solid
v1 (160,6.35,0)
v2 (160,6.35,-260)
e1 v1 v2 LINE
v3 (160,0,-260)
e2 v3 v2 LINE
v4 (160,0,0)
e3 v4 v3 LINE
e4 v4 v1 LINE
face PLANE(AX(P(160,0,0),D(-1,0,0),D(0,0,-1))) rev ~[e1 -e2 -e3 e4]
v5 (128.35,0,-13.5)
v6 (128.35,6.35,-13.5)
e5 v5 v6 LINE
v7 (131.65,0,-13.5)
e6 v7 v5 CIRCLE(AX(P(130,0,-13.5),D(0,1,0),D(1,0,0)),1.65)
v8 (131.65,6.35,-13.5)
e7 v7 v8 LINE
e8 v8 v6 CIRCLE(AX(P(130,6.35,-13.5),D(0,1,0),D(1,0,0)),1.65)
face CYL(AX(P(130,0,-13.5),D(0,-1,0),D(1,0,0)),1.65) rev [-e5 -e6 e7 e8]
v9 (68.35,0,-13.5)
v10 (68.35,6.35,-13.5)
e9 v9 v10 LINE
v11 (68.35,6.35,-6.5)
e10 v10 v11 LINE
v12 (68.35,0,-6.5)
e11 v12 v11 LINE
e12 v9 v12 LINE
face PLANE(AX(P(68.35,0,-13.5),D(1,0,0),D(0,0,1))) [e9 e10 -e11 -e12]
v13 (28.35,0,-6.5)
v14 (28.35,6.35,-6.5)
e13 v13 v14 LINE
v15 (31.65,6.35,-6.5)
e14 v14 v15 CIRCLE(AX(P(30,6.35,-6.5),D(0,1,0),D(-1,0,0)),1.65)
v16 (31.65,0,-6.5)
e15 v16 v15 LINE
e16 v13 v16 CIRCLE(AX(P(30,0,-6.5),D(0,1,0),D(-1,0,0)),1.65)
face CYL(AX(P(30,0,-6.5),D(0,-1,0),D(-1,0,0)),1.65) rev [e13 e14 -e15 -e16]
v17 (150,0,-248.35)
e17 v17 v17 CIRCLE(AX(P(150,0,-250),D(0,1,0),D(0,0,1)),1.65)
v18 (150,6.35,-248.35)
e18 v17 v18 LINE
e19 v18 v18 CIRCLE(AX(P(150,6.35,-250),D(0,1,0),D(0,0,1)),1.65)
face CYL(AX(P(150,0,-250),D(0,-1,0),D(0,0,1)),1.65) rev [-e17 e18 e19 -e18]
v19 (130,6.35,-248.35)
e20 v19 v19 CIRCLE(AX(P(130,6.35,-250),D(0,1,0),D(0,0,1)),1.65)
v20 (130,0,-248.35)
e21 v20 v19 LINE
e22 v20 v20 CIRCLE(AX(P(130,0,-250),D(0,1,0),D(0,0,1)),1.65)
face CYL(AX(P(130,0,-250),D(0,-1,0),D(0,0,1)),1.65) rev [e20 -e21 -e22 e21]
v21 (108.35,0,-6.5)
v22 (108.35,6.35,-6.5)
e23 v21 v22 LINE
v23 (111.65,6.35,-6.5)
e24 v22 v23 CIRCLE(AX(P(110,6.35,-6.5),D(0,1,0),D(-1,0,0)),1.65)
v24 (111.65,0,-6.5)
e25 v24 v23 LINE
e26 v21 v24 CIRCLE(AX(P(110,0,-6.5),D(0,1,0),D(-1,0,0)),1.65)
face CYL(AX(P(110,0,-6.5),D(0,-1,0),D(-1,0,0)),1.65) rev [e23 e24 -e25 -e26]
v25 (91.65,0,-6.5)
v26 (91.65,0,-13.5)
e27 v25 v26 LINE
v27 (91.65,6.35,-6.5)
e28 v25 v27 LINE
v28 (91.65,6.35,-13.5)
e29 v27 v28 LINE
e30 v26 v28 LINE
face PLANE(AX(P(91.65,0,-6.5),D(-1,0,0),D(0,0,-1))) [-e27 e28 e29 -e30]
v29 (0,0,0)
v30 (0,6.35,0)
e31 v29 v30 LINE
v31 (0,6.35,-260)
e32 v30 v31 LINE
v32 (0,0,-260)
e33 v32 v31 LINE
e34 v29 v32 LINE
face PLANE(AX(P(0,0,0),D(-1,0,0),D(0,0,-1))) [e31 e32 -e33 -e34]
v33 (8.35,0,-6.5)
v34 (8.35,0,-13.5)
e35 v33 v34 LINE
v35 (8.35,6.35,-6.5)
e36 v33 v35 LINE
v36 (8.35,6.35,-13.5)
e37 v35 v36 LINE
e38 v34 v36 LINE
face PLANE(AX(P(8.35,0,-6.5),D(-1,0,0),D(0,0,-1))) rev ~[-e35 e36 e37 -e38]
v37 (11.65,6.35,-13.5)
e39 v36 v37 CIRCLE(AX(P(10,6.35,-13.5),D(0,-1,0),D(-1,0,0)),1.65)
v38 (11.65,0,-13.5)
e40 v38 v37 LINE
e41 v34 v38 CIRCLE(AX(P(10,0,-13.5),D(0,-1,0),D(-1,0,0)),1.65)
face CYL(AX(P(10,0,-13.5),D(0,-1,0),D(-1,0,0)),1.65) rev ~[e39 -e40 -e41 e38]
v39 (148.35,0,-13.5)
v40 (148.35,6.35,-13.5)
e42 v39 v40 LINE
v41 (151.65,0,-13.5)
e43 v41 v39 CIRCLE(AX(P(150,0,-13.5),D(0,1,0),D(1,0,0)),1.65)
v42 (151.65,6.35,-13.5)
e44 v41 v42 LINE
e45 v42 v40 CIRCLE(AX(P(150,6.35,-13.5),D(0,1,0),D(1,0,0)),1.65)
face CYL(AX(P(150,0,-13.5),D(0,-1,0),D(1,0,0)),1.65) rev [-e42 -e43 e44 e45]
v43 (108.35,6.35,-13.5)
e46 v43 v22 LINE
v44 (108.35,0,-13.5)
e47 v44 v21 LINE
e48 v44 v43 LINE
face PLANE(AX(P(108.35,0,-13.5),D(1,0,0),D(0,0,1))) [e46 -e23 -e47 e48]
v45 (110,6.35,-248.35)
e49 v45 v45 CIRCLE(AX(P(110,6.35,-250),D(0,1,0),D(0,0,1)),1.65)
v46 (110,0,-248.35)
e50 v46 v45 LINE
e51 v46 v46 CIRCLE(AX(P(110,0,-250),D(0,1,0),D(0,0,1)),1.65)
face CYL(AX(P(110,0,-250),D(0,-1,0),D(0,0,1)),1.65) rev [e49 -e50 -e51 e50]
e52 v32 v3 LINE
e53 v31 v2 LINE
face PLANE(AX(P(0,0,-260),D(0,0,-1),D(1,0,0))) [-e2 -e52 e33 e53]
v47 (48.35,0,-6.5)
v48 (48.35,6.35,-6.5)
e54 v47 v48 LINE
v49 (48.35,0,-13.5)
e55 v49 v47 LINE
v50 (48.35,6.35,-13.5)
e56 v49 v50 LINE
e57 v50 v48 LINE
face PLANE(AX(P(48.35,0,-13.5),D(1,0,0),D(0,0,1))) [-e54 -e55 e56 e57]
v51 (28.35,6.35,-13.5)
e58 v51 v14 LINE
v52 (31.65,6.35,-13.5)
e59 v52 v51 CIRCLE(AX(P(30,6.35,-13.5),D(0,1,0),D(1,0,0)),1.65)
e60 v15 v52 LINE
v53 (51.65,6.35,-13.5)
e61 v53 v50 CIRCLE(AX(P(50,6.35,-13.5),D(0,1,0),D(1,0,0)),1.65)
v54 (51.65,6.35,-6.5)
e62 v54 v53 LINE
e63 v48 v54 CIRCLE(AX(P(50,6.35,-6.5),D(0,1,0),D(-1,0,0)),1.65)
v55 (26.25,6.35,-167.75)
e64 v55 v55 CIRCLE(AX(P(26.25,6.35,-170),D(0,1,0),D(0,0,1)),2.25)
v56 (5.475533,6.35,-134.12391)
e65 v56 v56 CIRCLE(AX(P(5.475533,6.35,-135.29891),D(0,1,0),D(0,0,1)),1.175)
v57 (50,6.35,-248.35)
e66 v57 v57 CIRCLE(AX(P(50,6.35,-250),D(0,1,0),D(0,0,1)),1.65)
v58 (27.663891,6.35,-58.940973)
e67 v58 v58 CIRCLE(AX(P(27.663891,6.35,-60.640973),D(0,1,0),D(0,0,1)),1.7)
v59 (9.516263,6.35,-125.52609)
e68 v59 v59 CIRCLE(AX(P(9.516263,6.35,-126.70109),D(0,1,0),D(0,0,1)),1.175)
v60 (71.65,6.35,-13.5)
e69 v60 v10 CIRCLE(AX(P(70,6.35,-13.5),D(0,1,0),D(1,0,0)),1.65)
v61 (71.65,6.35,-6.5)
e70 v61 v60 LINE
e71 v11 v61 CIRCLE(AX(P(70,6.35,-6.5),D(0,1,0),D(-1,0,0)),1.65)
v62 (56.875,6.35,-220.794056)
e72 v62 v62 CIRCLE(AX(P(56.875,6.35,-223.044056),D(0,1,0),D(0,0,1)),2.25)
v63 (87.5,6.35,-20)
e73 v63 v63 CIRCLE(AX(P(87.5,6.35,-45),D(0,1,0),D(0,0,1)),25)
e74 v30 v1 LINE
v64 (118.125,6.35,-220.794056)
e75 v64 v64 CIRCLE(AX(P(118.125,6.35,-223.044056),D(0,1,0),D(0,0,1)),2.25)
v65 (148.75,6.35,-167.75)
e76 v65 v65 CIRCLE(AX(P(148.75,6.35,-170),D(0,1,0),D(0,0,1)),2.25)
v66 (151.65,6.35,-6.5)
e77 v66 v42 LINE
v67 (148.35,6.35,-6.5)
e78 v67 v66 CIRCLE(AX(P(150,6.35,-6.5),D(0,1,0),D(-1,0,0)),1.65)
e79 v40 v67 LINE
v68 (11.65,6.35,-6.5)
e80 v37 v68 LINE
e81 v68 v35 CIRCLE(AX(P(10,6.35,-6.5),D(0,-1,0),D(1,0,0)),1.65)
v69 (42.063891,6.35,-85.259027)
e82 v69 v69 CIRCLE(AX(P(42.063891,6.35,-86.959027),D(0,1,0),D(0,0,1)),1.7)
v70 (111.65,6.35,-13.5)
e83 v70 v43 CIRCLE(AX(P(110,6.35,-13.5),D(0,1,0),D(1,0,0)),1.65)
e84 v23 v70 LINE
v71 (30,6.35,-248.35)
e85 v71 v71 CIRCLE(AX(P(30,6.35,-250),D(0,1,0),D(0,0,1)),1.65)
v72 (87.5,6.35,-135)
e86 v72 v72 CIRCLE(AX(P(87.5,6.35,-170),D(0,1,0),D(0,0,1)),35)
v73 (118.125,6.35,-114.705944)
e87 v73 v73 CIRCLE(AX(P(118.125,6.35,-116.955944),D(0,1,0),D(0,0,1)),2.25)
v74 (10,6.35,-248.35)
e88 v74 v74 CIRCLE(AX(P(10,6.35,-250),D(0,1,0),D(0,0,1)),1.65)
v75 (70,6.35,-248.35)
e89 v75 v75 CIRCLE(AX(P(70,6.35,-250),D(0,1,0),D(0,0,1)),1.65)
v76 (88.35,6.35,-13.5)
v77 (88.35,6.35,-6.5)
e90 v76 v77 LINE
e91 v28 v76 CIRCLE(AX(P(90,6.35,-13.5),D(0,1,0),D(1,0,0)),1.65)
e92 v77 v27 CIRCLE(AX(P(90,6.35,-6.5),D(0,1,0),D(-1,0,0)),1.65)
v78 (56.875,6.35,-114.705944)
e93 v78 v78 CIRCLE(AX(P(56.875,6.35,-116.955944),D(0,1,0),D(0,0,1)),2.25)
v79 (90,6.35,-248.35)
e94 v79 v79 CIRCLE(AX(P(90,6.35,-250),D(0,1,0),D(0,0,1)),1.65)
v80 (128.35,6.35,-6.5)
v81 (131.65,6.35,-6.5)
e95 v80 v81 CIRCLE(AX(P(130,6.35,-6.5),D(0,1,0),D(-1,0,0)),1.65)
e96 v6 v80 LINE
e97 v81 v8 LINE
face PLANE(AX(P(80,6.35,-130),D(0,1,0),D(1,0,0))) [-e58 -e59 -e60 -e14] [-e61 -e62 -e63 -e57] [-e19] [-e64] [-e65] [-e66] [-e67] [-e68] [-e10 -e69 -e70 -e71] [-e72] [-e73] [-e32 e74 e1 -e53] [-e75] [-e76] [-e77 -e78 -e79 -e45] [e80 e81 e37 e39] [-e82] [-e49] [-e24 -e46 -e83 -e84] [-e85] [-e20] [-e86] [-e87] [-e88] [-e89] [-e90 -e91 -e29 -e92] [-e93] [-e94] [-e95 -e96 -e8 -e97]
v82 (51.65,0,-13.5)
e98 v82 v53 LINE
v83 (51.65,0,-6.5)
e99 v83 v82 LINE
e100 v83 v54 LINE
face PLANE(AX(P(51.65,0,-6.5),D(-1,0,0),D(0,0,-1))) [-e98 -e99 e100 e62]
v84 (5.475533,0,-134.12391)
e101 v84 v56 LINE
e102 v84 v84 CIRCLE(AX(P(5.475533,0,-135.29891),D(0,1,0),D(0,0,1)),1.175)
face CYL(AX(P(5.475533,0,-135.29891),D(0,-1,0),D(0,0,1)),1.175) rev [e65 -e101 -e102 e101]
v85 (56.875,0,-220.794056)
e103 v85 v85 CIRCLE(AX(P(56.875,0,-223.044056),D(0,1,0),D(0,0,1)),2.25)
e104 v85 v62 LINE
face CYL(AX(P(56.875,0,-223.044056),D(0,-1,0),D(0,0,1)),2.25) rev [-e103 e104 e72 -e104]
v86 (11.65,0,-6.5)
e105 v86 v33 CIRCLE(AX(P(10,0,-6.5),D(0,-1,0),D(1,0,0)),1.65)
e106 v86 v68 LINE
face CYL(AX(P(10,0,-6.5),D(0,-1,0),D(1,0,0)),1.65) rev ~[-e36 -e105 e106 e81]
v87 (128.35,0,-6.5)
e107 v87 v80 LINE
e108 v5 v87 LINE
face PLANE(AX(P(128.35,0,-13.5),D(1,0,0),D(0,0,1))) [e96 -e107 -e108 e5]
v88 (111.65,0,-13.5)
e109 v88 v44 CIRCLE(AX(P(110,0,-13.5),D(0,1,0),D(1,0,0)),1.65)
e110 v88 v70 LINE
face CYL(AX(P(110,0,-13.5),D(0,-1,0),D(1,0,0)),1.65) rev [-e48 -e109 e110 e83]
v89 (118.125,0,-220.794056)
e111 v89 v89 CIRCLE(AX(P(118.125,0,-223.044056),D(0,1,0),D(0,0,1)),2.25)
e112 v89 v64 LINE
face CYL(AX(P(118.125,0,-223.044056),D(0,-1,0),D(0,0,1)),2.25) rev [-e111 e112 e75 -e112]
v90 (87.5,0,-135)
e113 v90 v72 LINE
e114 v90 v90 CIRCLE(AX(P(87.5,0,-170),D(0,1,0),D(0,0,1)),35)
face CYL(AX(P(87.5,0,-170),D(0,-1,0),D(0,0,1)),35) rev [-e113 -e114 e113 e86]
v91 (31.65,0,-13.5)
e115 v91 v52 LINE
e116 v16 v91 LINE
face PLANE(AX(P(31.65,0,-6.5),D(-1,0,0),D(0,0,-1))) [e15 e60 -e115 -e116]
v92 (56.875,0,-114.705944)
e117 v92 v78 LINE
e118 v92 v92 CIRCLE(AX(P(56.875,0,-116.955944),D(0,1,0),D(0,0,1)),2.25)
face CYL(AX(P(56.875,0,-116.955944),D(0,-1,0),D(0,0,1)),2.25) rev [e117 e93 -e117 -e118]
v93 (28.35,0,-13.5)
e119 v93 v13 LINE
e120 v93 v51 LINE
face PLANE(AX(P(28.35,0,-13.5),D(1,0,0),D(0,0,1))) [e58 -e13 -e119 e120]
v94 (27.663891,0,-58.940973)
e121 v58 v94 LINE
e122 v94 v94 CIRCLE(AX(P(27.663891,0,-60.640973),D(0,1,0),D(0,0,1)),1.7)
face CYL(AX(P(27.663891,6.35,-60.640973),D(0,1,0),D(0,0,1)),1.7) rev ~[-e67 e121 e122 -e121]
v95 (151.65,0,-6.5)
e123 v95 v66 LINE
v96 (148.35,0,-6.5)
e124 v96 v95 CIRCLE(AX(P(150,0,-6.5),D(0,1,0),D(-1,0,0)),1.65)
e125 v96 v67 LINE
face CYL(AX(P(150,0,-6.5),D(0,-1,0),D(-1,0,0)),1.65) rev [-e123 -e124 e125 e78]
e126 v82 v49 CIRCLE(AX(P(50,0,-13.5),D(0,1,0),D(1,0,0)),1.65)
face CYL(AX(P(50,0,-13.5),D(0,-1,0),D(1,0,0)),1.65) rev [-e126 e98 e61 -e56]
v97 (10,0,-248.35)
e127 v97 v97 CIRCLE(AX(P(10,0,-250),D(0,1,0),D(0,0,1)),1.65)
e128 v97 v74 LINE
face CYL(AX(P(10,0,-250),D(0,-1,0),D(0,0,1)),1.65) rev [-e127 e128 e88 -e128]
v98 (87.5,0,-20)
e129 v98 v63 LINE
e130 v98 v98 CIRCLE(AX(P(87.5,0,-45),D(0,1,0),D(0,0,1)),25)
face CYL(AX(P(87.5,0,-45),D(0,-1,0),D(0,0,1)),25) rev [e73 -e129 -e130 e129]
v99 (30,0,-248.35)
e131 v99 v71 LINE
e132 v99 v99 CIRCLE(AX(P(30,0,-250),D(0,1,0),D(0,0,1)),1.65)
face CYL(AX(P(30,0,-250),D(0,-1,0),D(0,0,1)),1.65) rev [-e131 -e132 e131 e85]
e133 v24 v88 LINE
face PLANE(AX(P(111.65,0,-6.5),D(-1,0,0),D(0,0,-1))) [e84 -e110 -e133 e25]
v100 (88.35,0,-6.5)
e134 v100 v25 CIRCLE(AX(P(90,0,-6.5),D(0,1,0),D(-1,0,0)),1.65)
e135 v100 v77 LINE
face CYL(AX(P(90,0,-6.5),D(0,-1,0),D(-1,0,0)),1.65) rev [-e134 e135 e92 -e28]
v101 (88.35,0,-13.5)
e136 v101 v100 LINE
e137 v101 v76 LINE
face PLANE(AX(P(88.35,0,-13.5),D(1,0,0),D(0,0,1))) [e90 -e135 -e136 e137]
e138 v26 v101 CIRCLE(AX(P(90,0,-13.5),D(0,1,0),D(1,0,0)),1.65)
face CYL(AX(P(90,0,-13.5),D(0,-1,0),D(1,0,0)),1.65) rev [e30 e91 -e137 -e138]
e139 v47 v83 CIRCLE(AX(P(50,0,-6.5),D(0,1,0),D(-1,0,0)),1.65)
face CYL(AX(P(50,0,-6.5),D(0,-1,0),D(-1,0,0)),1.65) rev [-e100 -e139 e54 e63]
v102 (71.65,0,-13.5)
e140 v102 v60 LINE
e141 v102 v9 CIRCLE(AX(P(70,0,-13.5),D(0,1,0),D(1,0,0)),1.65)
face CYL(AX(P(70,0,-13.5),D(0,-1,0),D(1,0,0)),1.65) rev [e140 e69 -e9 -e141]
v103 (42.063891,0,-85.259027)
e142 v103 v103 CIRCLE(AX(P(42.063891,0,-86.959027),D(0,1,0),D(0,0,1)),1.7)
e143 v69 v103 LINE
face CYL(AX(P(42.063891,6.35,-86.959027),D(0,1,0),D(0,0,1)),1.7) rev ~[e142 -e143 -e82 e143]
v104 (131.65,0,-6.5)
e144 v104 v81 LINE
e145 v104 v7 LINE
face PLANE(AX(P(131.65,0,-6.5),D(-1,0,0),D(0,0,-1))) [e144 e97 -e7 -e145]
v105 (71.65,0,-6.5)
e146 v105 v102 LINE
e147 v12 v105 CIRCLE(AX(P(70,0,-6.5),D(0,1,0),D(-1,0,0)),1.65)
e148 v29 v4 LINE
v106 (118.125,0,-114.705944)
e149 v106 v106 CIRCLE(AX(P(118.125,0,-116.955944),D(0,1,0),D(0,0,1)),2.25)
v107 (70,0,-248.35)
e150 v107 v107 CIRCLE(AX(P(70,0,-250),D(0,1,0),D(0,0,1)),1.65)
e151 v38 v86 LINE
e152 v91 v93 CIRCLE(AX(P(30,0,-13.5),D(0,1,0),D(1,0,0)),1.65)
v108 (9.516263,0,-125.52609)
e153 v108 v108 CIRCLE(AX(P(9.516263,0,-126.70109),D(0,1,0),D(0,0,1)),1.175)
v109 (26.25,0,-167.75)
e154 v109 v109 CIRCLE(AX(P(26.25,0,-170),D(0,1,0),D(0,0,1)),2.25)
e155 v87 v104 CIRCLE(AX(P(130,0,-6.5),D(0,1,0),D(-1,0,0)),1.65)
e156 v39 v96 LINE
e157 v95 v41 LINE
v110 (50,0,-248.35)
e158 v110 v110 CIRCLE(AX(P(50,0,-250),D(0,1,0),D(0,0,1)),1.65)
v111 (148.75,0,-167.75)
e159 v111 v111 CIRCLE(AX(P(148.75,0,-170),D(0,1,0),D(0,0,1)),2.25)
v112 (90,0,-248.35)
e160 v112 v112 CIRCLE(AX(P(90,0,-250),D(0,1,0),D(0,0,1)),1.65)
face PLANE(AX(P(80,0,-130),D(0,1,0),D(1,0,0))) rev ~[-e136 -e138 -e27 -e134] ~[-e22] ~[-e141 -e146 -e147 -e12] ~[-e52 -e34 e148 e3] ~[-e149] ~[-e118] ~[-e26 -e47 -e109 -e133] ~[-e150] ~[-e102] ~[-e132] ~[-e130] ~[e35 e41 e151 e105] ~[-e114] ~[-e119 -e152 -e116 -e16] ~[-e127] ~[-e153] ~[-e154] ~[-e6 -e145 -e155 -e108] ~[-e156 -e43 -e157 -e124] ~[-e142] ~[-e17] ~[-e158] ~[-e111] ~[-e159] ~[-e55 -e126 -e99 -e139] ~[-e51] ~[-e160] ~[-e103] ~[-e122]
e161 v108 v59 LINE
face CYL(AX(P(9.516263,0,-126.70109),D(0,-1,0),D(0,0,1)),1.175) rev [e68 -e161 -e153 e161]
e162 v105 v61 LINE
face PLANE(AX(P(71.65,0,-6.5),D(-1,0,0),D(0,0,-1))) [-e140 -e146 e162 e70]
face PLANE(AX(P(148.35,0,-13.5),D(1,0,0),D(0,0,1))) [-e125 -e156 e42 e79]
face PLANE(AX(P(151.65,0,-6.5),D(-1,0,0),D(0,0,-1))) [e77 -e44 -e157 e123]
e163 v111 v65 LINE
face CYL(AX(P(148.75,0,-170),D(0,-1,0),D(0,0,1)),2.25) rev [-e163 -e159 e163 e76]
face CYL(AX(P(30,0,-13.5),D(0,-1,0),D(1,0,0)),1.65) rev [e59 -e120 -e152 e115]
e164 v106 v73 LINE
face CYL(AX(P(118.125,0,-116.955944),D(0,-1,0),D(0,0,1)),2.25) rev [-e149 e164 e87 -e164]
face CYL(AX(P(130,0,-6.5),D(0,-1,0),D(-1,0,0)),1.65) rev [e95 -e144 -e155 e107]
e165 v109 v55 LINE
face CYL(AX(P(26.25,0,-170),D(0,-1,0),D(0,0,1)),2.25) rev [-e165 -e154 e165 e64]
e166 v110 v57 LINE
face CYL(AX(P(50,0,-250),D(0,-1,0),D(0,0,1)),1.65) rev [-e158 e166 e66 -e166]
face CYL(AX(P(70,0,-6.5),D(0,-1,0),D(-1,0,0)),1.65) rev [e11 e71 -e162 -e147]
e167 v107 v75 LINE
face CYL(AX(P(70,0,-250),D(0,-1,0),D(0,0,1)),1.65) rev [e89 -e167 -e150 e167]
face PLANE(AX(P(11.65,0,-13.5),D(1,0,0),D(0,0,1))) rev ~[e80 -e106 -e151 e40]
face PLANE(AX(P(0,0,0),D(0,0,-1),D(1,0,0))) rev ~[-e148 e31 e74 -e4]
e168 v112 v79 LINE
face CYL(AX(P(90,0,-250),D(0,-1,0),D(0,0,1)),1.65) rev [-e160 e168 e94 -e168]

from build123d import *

# Parameters (mm, degrees)
SKETCH1_W           = 160
SKETCH1_H           = 260
SKETCH1_R           = 35
SKETCH1_R_2         = 25
SKETCH1_R_3         = 2.25
SKETCH1_R_4         = 1.175
SKETCH1_R_5         = 1.65
BOSS_EXTRUDE1_DEPTH = 6.35
SKETCH2_R           = 1.7
CUT_EXTRUDE1_DEPTH  = 306.352783678


with BuildPart() as part:
    # Sketch1 → Boss-Extrude1 (new body)
    with BuildSketch(Plane(origin=(0, 0, 0), x_dir=(1, 0, 0), z_dir=(0, 1, 0))):
        with Locations((80, 130)):
            Rectangle(SKETCH1_W, SKETCH1_H)
        with Locations(Location((87.5, 170, 0), (0, 0, 270))):
            Circle(SKETCH1_R, mode=Mode.SUBTRACT)
        with Locations(Location((87.5, 45, 0), (0, 0, 270))):
            Circle(SKETCH1_R_2, mode=Mode.SUBTRACT)
        with Locations(Location((148.75, 170, 0), (0, 0, 270))):
            Circle(SKETCH1_R_3, mode=Mode.SUBTRACT)
        with Locations(Location((118.125, 116.955944018, 0), (0, 0, 270))):
            Circle(SKETCH1_R_3, mode=Mode.SUBTRACT)
        with Locations(Location((56.875, 116.955944018, 0), (0, 0, 270))):
            Circle(SKETCH1_R_3, mode=Mode.SUBTRACT)
        with Locations(Location((26.25, 170, 0), (0, 0, 270))):
            Circle(SKETCH1_R_3, mode=Mode.SUBTRACT)
        with Locations(Location((56.875, 223.044055982, 0), (0, 0, 270))):
            Circle(SKETCH1_R_3, mode=Mode.SUBTRACT)
        with Locations(Location((118.125, 223.044055982, 0), (0, 0, 270))):
            Circle(SKETCH1_R_3, mode=Mode.SUBTRACT)
        with Locations(Location((5.475532842, 135.298909731, 0), (0, 0, 270))):
            Circle(SKETCH1_R_4, mode=Mode.SUBTRACT)
        with Locations(Location((9.516263037, 126.701090269, 0), (0, 0, 270))):
            Circle(SKETCH1_R_4, mode=Mode.SUBTRACT)
        with Locations(Location((10, 250, 0), (0, 0, 270))):
            Circle(SKETCH1_R_5, mode=Mode.SUBTRACT)
        with Locations(Location((30, 250, 0), (0, 0, 270))):
            Circle(SKETCH1_R_5, mode=Mode.SUBTRACT)
        with Locations(Location((50, 250, 0), (0, 0, 270))):
            Circle(SKETCH1_R_5, mode=Mode.SUBTRACT)
        with Locations(Location((70, 250, 0), (0, 0, 270))):
            Circle(SKETCH1_R_5, mode=Mode.SUBTRACT)
        with Locations(Location((90, 250, 0), (0, 0, 270))):
            Circle(SKETCH1_R_5, mode=Mode.SUBTRACT)
        with Locations(Location((110, 250, 0), (0, 0, 270))):
            Circle(SKETCH1_R_5, mode=Mode.SUBTRACT)
        with Locations(Location((130, 250, 0), (0, 0, 270))):
            Circle(SKETCH1_R_5, mode=Mode.SUBTRACT)
        with Locations(Location((150, 250, 0), (0, 0, 270))):
            Circle(SKETCH1_R_5, mode=Mode.SUBTRACT)
        with BuildLine():
            Line((8.35, 6.5), (8.35, 13.5))
            ThreePointArc((8.35, 13.5), (10, 15.15), (11.65, 13.5))
            Line((11.65, 13.5), (11.65, 6.5))
            ThreePointArc((11.65, 6.5), (10, 4.85), (8.35, 6.5))
        make_face(mode=Mode.SUBTRACT)
        with BuildLine():
            Line((31.65, 6.5), (31.65, 13.5))
            ThreePointArc((31.65, 13.5), (30, 15.15), (28.35, 13.5))
            Line((28.35, 13.5), (28.35, 6.5))
            ThreePointArc((28.35, 6.5), (30, 4.85), (31.65, 6.5))
        make_face(mode=Mode.SUBTRACT)
        with BuildLine():
            Line((51.65, 6.5), (51.65, 13.5))
            ThreePointArc((51.65, 13.5), (50, 15.15), (48.35, 13.5))
            Line((48.35, 13.5), (48.35, 6.5))
            ThreePointArc((48.35, 6.5), (50, 4.85), (51.65, 6.5))
        make_face(mode=Mode.SUBTRACT)
        with BuildLine():
            Line((71.65, 6.5), (71.65, 13.5))
            ThreePointArc((71.65, 13.5), (70, 15.15), (68.35, 13.5))
            Line((68.35, 13.5), (68.35, 6.5))
            ThreePointArc((68.35, 6.5), (70, 4.85), (71.65, 6.5))
        make_face(mode=Mode.SUBTRACT)
        with BuildLine():
            Line((91.65, 6.5), (91.65, 13.5))
            ThreePointArc((91.65, 13.5), (90, 15.15), (88.35, 13.5))
            Line((88.35, 13.5), (88.35, 6.5))
            ThreePointArc((88.35, 6.5), (90, 4.85), (91.65, 6.5))
        make_face(mode=Mode.SUBTRACT)
        with BuildLine():
            Line((111.65, 6.5), (111.65, 13.5))
            ThreePointArc((111.65, 13.5), (110, 15.15), (108.35, 13.5))
            Line((108.35, 13.5), (108.35, 6.5))
            ThreePointArc((108.35, 6.5), (110, 4.85), (111.65, 6.5))
        make_face(mode=Mode.SUBTRACT)
        with BuildLine():
            Line((131.65, 6.5), (131.65, 13.5))
            ThreePointArc((131.65, 13.5), (130, 15.15), (128.35, 13.5))
            Line((128.35, 13.5), (128.35, 6.5))
            ThreePointArc((128.35, 6.5), (130, 4.85), (131.65, 6.5))
        make_face(mode=Mode.SUBTRACT)
        with BuildLine():
            Line((151.65, 6.5), (151.65, 13.5))
            ThreePointArc((151.65, 13.5), (150, 15.15), (148.35, 13.5))
            Line((148.35, 13.5), (148.35, 6.5))
            ThreePointArc((148.35, 6.5), (150, 4.85), (151.65, 6.5))
        make_face(mode=Mode.SUBTRACT)
    extrude(amount=BOSS_EXTRUDE1_DEPTH)

    # Sketch2 → Cut-Extrude1 (cut, through all)
    with BuildSketch(Plane(origin=(0, 6.35, 0), x_dir=(1, 0, 0), z_dir=(0, 1, 0))):
        with Locations(Location((27.663890721, 60.64097268, 0), (0, 0, 270))):
            Circle(SKETCH2_R)
        with Locations(Location((42.063890721, 86.95902732, 0), (0, 0, 270))):
            Circle(SKETCH2_R)
    extrude(amount=-CUT_EXTRUDE1_DEPTH, mode=Mode.SUBTRACT)


solid = part.part
